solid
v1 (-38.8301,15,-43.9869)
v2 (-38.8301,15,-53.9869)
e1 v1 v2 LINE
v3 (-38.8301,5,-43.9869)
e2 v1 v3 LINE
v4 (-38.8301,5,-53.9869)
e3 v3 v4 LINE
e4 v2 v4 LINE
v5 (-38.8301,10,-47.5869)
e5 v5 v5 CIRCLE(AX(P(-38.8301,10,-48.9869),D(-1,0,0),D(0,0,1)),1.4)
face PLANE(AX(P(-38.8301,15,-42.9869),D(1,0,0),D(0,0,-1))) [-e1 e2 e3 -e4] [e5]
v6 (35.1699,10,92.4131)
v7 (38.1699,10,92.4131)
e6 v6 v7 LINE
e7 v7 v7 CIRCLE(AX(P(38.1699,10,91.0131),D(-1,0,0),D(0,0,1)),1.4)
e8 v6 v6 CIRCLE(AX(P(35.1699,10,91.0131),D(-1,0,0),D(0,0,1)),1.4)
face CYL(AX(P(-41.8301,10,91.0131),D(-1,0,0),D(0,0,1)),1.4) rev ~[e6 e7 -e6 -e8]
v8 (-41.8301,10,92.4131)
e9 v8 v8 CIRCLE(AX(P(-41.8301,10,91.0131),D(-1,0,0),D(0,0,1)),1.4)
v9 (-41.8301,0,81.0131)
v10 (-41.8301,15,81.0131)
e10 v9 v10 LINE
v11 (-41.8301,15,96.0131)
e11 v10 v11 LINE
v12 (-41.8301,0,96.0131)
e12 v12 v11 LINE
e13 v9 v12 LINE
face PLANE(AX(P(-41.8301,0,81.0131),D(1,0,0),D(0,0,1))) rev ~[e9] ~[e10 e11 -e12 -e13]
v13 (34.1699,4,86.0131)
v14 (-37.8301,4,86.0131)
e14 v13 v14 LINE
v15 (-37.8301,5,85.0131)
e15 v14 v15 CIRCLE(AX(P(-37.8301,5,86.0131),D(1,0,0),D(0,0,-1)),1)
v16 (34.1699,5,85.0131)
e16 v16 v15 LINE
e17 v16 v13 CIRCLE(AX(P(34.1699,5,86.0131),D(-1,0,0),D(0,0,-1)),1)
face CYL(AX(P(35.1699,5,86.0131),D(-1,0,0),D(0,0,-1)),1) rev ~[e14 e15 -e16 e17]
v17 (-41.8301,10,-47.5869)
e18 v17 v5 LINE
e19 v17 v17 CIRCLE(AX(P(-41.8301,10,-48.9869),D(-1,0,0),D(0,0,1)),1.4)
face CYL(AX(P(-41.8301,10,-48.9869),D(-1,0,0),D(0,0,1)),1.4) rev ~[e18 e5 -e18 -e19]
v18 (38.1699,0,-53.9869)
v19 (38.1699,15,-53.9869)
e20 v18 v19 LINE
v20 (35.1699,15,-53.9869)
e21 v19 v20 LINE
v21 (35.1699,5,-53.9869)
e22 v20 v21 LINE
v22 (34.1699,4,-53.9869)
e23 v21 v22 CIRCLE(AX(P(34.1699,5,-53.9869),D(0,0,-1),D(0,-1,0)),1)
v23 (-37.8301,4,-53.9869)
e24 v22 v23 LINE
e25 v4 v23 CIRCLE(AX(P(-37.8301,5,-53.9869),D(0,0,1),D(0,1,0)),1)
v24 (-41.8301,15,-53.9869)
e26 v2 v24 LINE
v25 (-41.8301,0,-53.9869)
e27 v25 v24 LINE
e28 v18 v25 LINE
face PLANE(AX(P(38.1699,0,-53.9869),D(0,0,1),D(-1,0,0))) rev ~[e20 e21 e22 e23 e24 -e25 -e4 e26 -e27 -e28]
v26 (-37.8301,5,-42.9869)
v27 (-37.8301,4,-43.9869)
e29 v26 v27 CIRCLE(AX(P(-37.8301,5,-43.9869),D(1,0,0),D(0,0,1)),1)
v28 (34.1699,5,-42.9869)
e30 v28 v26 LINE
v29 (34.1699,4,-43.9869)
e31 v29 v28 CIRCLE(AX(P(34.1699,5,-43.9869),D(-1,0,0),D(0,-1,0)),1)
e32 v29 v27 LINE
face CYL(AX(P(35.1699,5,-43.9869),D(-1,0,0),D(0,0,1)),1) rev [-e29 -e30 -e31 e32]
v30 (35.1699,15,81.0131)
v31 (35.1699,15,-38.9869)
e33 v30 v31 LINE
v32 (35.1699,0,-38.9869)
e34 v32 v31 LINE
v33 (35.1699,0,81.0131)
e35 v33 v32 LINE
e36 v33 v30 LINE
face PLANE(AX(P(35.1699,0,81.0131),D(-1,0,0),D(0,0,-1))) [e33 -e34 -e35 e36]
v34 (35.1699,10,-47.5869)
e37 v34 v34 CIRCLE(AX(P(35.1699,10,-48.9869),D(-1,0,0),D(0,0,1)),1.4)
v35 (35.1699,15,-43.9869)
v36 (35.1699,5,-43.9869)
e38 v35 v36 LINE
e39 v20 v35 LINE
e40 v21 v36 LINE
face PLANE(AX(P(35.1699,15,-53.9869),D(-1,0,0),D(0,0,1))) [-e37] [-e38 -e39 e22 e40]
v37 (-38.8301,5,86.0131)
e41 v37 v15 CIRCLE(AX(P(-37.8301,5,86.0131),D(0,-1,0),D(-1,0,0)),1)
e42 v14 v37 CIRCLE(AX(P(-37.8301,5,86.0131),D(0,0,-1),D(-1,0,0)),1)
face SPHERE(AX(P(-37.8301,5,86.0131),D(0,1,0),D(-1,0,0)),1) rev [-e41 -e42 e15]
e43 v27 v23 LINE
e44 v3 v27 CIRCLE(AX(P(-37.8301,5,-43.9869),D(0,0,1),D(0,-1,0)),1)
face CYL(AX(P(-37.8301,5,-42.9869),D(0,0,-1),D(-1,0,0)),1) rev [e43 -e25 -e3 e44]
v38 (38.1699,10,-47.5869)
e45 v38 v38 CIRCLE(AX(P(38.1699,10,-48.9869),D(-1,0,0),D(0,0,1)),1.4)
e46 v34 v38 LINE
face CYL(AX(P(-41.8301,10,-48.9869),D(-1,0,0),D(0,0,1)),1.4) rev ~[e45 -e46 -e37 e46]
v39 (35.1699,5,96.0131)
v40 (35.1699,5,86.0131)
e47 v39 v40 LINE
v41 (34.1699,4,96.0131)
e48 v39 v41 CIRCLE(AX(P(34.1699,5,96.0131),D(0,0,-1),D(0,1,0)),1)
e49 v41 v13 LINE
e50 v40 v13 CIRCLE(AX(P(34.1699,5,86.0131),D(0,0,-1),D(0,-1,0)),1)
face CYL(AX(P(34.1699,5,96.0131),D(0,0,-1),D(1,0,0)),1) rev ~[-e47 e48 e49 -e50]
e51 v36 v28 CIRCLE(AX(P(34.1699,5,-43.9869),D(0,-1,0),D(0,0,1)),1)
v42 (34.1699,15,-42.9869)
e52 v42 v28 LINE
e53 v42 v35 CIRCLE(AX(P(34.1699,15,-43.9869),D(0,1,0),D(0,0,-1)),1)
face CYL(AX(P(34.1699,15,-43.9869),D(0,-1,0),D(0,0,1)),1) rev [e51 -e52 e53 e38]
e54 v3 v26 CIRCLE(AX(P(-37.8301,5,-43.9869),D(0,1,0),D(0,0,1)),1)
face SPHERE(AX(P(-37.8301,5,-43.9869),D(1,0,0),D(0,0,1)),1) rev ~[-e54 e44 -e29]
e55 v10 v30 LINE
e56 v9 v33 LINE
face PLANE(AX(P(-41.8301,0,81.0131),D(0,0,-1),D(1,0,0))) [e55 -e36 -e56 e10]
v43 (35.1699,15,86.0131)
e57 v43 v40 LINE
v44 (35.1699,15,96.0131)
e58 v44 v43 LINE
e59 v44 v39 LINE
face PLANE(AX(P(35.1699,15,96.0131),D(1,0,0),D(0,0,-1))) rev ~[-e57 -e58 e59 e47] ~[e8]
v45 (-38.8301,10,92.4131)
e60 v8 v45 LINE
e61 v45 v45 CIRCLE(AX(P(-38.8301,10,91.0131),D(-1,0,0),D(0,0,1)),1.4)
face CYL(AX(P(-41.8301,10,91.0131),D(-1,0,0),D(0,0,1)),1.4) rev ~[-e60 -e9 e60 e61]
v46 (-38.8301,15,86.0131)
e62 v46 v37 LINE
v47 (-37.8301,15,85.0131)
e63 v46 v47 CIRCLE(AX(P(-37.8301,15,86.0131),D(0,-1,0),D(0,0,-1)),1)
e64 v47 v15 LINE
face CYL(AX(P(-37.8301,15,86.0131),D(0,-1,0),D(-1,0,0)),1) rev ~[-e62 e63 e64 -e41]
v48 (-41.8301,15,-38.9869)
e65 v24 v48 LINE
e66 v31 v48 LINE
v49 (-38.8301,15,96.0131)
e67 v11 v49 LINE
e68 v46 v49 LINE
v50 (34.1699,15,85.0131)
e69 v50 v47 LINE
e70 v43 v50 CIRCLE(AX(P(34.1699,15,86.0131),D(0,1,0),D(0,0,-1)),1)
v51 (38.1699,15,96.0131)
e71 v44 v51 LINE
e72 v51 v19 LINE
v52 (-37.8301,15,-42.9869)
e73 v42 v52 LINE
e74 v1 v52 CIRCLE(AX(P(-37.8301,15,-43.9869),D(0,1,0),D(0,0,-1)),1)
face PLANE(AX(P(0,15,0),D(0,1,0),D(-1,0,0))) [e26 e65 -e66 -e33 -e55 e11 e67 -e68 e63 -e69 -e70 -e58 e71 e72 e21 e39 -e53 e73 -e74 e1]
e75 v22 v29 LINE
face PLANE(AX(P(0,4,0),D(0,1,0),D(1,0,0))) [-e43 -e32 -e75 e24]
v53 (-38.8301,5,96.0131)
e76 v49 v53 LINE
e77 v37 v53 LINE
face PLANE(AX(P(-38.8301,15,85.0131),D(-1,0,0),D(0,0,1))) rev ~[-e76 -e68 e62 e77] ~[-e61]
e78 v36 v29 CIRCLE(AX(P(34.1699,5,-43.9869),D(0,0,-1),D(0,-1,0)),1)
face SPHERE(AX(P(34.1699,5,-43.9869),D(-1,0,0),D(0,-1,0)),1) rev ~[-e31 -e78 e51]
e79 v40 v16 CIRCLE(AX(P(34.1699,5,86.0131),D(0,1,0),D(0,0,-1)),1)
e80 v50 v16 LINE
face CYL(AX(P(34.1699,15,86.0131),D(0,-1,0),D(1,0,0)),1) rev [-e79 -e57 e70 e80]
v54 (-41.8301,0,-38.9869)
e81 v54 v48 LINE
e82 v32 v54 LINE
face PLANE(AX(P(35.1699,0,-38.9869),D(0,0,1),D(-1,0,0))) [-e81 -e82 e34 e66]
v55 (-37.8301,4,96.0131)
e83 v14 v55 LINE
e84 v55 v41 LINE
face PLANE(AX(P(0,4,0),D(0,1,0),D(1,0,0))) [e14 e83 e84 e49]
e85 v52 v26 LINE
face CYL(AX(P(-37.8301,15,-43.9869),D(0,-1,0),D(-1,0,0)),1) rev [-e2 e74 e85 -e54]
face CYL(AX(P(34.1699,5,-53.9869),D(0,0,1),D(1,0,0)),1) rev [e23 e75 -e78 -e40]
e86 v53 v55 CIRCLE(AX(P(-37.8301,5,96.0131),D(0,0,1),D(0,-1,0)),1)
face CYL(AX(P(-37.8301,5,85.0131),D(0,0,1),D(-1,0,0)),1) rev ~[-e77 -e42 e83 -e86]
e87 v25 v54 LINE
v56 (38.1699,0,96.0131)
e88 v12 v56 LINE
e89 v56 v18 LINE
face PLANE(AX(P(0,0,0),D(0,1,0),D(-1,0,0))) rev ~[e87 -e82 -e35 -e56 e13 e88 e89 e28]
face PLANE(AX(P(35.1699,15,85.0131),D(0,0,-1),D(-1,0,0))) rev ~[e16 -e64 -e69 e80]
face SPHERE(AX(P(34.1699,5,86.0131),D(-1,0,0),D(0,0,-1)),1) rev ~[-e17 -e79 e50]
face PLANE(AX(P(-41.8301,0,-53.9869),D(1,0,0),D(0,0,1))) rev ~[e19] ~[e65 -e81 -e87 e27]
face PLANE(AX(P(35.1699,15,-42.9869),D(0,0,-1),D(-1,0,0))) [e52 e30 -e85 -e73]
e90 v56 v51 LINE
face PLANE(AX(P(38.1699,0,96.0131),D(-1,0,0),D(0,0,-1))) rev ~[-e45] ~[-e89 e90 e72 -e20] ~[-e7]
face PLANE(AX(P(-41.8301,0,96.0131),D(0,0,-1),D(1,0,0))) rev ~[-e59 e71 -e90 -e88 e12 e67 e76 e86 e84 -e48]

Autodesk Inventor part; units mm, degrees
ref_plane "YZ Plane" through (0, 0, 0) normal (1, 0, 0) x (0, 1, 0)
ref_plane "XZ Plane" through (0, 0, 0) normal (0, 1, 0) x (-1, 0, 0)
ref_plane "XY Plane" through (0, 0, 0) normal (0, 0, 1) x (1, 0, 0)
sketch "Sketch1" plane through (0, 0, 0) normal (0, 1, 0) x (-1, 0, 0)
  line L0 (41.8301, 96.0131) -> (-38.1699, 96.0131)
  line L1 (-38.1699, 96.0131) -> (-38.1699, -53.9869)
  line L2 (-38.1699, -53.9869) -> (41.8301, -53.9869)
  line L3 (41.8301, -53.9869) -> (41.8301, 96.0131)
  line L4 (41.8301, 81.0131) -> (-35.1699, 81.0131)
  line L5 (-35.1699, 81.0131) -> (-35.1699, -38.9869)
  line L6 (-35.1699, -38.9869) -> (41.8301, -38.9869)
  line L7 (41.8301, -38.9869) -> (41.8301, 81.0131)
  point P0 (0, 0)
  dimension "d0" = 80
  dimension "d1" = 150
  dimension "d2" = 15
  dimension "d3" = 15
  dimension "d4" = 3
extrude "Extrusion1" add sketch "Sketch1" along normal blind 15 contours L3 L4 L5 L6 L2 L1 L0
sketch "Sketch2" plane through (0, 15, 0) normal (0, 1, 0) x (1, 0, 0)
  line L0 (-41.8301, -96.0131) -> (38.1699, -96.0131) projected
  line L1 (-38.8301, -96.0131) -> (35.1699, -96.0131)
  line L2 (35.1699, -96.0131) -> (35.1699, -85.0131)
  line L3 (35.1699, -85.0131) -> (-38.8301, -85.0131)
  line L4 (-38.8301, -85.0131) -> (-38.8301, -96.0131)
  line L5 (38.1699, 53.9869) -> (-41.8301, 53.9869) projected
  line L6 (-38.8301, 53.9869) -> (35.1699, 53.9869)
  line L7 (35.1699, 53.9869) -> (35.1699, 42.9869)
  line L8 (35.1699, 42.9869) -> (-38.8301, 42.9869)
  line L9 (-38.8301, 42.9869) -> (-38.8301, 53.9869)
  line L10 (35.1699, -81.0131) -> (-41.8301, -81.0131) projected
  line L11 (-41.8301, 38.9869) -> (35.1699, 38.9869) projected
  line L12 (-41.8301, 53.9869) -> (-41.8301, 38.9869) projected
  point P0 (0, 0)
  point P1 (35.1699, -96.0131)
  dimension "d7" = 4
  dimension "d8" = 4
  dimension "d9" = 3
extrude "Extrusion2" cut sketch "Sketch2" against normal blind 11
sketch "Sketch3" plane through (-41.8301, 0, -53.9869) normal (-1, 0, 0) x (0, 0, 1)
  circle A0 centre (5, 10) radius 1.4
  circle A1 centre (145, 10) radius 1.4
  line L0 (11, 15) -> (11, 4) projected
  line L1 (11, 4) -> (0, 4) projected
  line L2 (139, 15) -> (139, 4) projected
  line L3 (150, 4) -> (139, 4) projected
  point P0 (53.9869, 0)
  dimension "d12" = 2.8
  dimension "d13" = 2.8
  dimension "d14" = 6
  dimension "d15" = 6
  dimension "d16" = 6
  dimension "d17" = 6
extrude "Extrusion3" cut sketch "Sketch3" against normal through all
fillet "Fillet1" radius 1 5 edges at (-1.8301, 4, -42.9869) (-38.8301, 9.5, -42.9869) (-38.8301, 4, -48.4869) (35.1699, 4, -48.4869) (35.1699, 9.5, -42.9869)
fillet "Fillet2" radius 1 5 edges at (-38.8301, 9.5, 85.0131) (-38.8301, 4, 90.5131) (-1.8301, 4, 85.0131) (35.1699, 9.5, 85.0131) (35.1699, 4, 90.5131)
properties part number "leg_8u"
